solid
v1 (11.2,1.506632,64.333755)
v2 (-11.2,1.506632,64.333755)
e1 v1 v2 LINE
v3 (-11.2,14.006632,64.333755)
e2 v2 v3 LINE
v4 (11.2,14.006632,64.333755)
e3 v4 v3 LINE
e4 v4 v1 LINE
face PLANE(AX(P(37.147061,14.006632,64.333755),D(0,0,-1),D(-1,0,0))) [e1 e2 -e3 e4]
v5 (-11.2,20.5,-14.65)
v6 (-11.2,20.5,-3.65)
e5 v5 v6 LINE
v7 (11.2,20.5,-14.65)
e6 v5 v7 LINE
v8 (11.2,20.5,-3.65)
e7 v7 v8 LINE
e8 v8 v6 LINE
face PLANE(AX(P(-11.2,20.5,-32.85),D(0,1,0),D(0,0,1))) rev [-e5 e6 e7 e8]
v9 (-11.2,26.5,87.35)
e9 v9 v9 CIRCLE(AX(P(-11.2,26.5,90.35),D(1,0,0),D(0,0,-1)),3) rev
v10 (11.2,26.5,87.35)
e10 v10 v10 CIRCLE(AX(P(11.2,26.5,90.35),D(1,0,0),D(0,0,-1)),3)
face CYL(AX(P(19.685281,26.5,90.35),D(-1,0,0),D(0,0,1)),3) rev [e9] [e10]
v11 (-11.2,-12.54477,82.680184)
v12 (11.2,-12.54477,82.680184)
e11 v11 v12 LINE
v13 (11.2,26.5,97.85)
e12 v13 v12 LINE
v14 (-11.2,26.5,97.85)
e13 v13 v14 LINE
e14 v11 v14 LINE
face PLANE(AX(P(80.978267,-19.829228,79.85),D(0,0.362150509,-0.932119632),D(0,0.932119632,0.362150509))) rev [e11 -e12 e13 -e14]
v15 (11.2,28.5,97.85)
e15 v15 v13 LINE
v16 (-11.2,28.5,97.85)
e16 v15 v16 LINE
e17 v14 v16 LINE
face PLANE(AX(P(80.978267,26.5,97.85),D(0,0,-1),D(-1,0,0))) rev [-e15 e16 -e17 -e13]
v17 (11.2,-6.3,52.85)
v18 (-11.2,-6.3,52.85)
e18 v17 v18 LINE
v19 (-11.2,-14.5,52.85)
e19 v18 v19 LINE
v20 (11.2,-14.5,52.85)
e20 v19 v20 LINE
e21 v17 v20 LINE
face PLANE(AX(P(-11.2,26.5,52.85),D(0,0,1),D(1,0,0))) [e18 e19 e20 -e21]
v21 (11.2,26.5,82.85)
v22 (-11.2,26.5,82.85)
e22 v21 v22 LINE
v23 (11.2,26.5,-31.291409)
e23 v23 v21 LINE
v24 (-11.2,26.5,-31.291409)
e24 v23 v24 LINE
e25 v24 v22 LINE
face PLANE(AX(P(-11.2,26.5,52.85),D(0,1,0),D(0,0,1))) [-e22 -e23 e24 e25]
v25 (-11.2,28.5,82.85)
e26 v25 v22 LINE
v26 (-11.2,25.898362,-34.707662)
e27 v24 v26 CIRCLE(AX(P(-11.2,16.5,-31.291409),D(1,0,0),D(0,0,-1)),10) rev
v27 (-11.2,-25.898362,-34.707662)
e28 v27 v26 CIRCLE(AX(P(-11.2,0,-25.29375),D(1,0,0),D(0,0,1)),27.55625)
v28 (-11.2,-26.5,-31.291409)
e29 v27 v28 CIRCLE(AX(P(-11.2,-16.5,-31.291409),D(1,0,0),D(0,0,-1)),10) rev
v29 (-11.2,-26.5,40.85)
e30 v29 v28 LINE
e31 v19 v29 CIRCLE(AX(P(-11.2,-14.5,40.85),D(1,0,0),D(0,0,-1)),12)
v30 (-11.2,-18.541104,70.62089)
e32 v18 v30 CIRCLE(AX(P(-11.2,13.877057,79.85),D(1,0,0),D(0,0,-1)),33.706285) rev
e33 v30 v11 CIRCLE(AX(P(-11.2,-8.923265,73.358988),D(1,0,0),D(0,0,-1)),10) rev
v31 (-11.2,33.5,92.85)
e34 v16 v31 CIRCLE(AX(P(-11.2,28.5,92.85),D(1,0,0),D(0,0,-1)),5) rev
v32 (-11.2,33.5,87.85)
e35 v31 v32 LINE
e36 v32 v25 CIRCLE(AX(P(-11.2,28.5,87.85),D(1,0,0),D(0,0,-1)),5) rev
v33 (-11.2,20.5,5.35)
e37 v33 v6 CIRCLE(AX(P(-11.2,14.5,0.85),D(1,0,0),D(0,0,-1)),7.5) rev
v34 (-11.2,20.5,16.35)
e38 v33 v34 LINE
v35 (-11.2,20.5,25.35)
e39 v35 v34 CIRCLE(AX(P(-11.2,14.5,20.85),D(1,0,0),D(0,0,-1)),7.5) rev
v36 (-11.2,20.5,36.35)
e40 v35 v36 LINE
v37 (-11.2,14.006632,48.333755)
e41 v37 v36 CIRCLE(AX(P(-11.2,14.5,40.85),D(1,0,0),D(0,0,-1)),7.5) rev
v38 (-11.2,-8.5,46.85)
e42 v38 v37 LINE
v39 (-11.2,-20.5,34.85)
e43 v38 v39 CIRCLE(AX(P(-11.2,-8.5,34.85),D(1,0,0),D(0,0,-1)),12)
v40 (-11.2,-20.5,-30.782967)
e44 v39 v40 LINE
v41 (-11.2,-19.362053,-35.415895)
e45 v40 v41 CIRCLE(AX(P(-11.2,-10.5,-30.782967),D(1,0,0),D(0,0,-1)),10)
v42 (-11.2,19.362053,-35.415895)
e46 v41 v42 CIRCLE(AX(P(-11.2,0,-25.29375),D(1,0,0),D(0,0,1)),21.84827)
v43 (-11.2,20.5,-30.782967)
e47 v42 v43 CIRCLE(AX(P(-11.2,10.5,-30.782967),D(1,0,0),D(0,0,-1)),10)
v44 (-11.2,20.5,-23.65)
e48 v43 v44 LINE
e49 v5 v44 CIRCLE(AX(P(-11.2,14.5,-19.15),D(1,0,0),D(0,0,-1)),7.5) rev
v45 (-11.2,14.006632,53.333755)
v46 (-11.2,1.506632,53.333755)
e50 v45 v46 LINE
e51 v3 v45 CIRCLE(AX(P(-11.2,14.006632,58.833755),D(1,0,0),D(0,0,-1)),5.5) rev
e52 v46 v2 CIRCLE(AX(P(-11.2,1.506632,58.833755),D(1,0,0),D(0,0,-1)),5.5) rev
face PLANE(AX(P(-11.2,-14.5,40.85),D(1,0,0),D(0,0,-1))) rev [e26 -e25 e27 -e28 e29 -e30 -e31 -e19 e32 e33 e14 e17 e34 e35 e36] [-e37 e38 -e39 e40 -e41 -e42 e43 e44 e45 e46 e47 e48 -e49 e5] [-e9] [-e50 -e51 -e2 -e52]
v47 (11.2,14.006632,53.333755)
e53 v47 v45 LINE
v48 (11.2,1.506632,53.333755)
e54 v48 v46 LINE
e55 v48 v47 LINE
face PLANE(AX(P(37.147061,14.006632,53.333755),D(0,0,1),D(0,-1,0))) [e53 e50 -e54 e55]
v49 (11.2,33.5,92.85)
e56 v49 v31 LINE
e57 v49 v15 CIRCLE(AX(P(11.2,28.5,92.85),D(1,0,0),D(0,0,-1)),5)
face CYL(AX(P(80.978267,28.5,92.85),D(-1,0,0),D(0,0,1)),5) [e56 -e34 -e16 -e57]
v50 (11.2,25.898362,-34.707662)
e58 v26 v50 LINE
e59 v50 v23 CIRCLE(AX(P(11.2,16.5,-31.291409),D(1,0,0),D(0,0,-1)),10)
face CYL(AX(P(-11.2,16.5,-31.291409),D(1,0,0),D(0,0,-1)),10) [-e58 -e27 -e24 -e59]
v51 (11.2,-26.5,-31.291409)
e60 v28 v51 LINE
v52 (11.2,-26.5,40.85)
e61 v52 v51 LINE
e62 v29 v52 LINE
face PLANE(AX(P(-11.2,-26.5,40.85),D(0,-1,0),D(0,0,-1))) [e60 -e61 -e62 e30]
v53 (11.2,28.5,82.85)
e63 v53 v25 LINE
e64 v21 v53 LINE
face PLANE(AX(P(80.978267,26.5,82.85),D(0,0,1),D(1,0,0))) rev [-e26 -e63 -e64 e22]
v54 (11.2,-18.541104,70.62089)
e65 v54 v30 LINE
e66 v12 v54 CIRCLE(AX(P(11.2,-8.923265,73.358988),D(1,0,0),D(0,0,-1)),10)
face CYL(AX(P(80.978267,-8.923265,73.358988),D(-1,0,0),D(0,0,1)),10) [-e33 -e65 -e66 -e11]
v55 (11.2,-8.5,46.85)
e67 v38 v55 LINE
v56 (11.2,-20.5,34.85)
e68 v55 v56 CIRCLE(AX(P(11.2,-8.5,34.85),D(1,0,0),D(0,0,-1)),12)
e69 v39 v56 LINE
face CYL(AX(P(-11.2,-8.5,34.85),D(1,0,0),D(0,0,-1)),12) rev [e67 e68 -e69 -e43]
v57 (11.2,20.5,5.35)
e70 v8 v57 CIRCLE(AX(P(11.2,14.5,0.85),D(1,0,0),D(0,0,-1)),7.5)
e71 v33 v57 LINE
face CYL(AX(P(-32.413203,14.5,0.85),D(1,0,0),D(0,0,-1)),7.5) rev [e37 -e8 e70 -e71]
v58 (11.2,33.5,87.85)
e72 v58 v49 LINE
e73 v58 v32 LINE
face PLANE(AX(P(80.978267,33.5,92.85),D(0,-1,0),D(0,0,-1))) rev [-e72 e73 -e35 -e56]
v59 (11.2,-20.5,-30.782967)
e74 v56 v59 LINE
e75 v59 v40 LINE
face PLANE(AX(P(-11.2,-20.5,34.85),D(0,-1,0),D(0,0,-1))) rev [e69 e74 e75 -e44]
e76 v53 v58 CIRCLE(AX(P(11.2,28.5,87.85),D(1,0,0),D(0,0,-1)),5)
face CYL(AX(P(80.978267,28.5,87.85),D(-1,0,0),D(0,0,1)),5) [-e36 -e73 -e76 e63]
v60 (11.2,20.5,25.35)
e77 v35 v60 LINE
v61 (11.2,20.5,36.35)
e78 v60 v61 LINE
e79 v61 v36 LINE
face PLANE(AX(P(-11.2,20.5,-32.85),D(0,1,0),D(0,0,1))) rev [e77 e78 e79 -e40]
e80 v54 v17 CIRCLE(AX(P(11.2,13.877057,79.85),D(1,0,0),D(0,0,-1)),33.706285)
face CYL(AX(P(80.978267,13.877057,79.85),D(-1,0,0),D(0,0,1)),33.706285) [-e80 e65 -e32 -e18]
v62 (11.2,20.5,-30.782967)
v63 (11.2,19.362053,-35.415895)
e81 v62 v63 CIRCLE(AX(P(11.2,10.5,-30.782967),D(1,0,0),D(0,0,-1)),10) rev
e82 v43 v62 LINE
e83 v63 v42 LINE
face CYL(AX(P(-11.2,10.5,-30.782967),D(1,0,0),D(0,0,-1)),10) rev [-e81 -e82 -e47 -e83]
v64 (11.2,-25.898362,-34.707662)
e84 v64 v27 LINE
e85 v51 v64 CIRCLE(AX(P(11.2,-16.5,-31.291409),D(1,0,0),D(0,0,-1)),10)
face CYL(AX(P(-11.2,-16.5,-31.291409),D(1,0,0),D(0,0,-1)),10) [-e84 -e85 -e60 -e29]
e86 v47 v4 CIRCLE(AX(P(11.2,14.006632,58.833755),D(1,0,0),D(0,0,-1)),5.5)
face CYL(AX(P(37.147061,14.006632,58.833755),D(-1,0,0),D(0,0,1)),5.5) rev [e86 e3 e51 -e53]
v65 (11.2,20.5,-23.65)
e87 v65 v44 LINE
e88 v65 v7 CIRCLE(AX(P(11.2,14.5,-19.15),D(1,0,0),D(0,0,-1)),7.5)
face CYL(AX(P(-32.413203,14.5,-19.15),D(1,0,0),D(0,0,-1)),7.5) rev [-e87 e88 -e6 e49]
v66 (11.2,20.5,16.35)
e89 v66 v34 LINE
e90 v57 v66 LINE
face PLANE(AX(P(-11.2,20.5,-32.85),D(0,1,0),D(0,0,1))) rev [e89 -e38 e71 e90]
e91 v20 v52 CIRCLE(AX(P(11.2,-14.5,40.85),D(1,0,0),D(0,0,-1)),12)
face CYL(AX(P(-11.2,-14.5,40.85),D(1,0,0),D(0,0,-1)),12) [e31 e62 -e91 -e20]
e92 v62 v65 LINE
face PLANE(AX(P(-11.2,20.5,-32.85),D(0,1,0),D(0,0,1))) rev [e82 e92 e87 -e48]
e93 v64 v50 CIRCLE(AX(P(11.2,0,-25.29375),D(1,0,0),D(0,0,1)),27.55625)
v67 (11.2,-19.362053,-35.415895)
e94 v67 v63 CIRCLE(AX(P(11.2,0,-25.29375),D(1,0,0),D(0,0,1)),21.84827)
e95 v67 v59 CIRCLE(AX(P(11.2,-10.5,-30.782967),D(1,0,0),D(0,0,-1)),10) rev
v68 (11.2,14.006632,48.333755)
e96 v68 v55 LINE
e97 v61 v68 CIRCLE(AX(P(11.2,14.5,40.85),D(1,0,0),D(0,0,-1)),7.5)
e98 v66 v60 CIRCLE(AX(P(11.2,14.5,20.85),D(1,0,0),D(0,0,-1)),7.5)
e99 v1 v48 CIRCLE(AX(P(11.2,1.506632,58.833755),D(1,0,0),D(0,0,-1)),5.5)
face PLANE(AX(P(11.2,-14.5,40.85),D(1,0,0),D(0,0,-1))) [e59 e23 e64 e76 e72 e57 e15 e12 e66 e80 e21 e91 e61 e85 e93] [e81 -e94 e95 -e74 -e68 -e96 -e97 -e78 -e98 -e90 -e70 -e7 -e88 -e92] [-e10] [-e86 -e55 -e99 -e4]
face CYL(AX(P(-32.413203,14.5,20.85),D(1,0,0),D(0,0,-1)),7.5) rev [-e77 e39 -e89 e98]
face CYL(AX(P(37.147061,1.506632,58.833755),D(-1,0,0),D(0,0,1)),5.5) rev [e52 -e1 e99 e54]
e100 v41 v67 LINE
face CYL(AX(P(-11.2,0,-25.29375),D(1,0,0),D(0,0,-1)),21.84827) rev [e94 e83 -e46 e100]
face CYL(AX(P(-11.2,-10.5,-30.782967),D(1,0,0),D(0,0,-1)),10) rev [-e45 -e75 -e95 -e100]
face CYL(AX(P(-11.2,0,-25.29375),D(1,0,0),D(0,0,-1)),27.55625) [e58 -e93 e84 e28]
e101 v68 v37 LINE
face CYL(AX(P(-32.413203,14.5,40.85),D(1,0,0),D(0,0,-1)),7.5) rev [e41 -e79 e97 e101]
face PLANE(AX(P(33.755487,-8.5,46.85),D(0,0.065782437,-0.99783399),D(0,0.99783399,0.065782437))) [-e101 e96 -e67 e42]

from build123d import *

# Parameters (mm, degrees)
BOSS_EXTRUDE1_DEPTH      = 11.2
BOSS_EXTRUDE1_DEPTH_BACK = 11.2
CUT_EXTRUDE1_START       = -11.2
SKETCH3_R                = 7.5
CUT_EXTRUDE1_DEPTH       = 22.4
FILLET1_R                = 10
CUT_EXTRUDE2_START       = -11.2
CUT_EXTRUDE2_DEPTH       = 22.4
FILLET2_R                = 10
BOSS_EXTRUDE2_START      = -11.2
BOSS_EXTRUDE2_DEPTH      = 22.4
FILLET3_R                = 10
CUT_EXTRUDE3_START       = -11.2
CUT_EXTRUDE3_DEPTH       = 22.4
CUT_EXTRUDE4_START       = -11.2
SKETCH7_R                = 3
CUT_EXTRUDE4_DEPTH       = 22.4


with BuildPart() as part:
    # Sketch2 → Boss-Extrude1 (new, two sides: drawn at the far end of the back side and taken through both)
    with BuildSketch(Plane(origin=(0, 0, 0), x_dir=(0, 0, -1), z_dir=(1, 0, 0)).offset(-BOSS_EXTRUDE1_DEPTH_BACK)):
        with BuildLine():
            Line((-52.85, 26.5), (32.85, 26.5))
            ThreePointArc((32.85, 26.5), (52.85, 0), (32.85, -26.5))
            Line((32.85, -26.5), (-40.85, -26.5))
            ThreePointArc((-40.85, -26.5), (-49.335281374, -22.985281374), (-52.85, -14.5))
            Line((-52.85, -14.5), (-52.85, 26.5))
        make_face()
        with BuildLine():
            Line((32.85, 20.5), (-40.85, 20.5))
            ThreePointArc((-40.85, 20.5), (-45.092640687, 18.742640687), (-46.85, 14.5))
            Line((-46.85, 14.5), (-46.85, -8.5))
            ThreePointArc((-46.85, -8.5), (-43.335281374, -16.985281374), (-34.85, -20.5))
            Line((-34.85, -20.5), (32.85, -20.5))
            ThreePointArc((32.85, -20.5), (47.142020276, 0), (32.85, 20.5))
        make_face(mode=Mode.SUBTRACT)
    extrude(amount=BOSS_EXTRUDE1_DEPTH + BOSS_EXTRUDE1_DEPTH_BACK)

    # Sketch3 → Cut-Extrude1 (cut)
    with BuildSketch(Plane(origin=(0, 0, 0), x_dir=(0, 0, -1), z_dir=(1, 0, 0)).offset(CUT_EXTRUDE1_START)):
        with Locations((-40.85, 14.5)):
            Circle(SKETCH3_R)
        with Locations((-20.85, 14.5)):
            Circle(SKETCH3_R)
        with Locations((-0.85, 14.5)):
            Circle(SKETCH3_R)
        with Locations((19.15, 14.5)):
            Circle(SKETCH3_R)
    extrude(amount=CUT_EXTRUDE1_DEPTH, mode=Mode.SUBTRACT)

    # Fillet1
    fillet1_edges = [part.edges().sort_by_distance(p)[0] for p in [
        (0, 20.5, -32.85),
    ]]
    fillet(fillet1_edges, radius=FILLET1_R)

    # Sketch4 → Cut-Extrude2 (cut)
    with BuildSketch(Plane(origin=(0, 0, 0), x_dir=(0, 0, -1), z_dir=(1, 0, 0)).offset(CUT_EXTRUDE2_START)):
        Polygon((-46.85, -8.5), (-48.333754922, 14.006631719), (-46.85, 14.006631719), align=None)
    extrude(amount=CUT_EXTRUDE2_DEPTH, mode=Mode.SUBTRACT)

    # Fillet2
    fillet2_edges = [part.edges().sort_by_distance(p)[0] for p in [
        (0, -20.5, -32.85),
        (0, 26.5, -32.85),
        (0, -26.5, -32.85),
    ]]
    fillet(fillet2_edges, radius=FILLET2_R)

    # Sketch5 → Boss-Extrude2 (add)
    with BuildSketch(Plane(origin=(0, 0, 0), x_dir=(0, 0, -1), z_dir=(1, 0, 0)).offset(BOSS_EXTRUDE2_START)):
        with BuildLine():
            Line((-52.85, -6.3), (-52.85, 26.5))
            Line((-52.85, 26.5), (-82.85, 26.5))
            Line((-82.85, 26.5), (-82.85, 28.5))
            ThreePointArc((-82.85, 28.5), (-84.314466094, 32.035533906), (-87.85, 33.5))
            Line((-87.85, 33.5), (-92.85, 33.5))
            ThreePointArc((-92.85, 33.5), (-96.385533906, 32.035533906), (-97.85, 28.5))
            Line((-97.85, 28.5), (-97.85, 26.5))
            Line((-97.85, 26.5), (-79.85, -19.82922762))
            ThreePointArc((-79.85, -19.82922762), (-64.75, -16.257700748), (-52.85, -6.3))
        make_face()
    extrude(amount=BOSS_EXTRUDE2_DEPTH)

    # Fillet3
    fillet3_edges = [part.edges().sort_by_distance(p)[0] for p in [
        (0, -19.82922762, 79.85),
    ]]
    fillet(fillet3_edges, radius=FILLET3_R)

    # Sketch6 → Cut-Extrude3 (cut)
    with BuildSketch(Plane(origin=(0, 0, 0), x_dir=(0, 0, -1), z_dir=(1, 0, 0)).offset(CUT_EXTRUDE3_START)):
        with BuildLine():
            Line((-53.333754922, 14.006631719), (-53.333754922, 1.506631719))
            ThreePointArc((-53.333754922, 1.506631719), (-58.833754922, -3.993368281), (-64.333754922, 1.506631719))
            Line((-64.333754922, 1.506631719), (-64.333754922, 14.006631719))
            ThreePointArc((-64.333754922, 14.006631719), (-58.833754922, 19.506631719), (-53.333754922, 14.006631719))
        make_face()
    extrude(amount=CUT_EXTRUDE3_DEPTH, mode=Mode.SUBTRACT)

    # Sketch7 → Cut-Extrude4 (cut)
    with BuildSketch(Plane(origin=(0, 0, 0), x_dir=(0, 0, -1), z_dir=(1, 0, 0)).offset(CUT_EXTRUDE4_START)):
        with Locations((-90.35, 26.5)):
            Circle(SKETCH7_R)
    extrude(amount=CUT_EXTRUDE4_DEPTH, mode=Mode.SUBTRACT)


solid = part.part
